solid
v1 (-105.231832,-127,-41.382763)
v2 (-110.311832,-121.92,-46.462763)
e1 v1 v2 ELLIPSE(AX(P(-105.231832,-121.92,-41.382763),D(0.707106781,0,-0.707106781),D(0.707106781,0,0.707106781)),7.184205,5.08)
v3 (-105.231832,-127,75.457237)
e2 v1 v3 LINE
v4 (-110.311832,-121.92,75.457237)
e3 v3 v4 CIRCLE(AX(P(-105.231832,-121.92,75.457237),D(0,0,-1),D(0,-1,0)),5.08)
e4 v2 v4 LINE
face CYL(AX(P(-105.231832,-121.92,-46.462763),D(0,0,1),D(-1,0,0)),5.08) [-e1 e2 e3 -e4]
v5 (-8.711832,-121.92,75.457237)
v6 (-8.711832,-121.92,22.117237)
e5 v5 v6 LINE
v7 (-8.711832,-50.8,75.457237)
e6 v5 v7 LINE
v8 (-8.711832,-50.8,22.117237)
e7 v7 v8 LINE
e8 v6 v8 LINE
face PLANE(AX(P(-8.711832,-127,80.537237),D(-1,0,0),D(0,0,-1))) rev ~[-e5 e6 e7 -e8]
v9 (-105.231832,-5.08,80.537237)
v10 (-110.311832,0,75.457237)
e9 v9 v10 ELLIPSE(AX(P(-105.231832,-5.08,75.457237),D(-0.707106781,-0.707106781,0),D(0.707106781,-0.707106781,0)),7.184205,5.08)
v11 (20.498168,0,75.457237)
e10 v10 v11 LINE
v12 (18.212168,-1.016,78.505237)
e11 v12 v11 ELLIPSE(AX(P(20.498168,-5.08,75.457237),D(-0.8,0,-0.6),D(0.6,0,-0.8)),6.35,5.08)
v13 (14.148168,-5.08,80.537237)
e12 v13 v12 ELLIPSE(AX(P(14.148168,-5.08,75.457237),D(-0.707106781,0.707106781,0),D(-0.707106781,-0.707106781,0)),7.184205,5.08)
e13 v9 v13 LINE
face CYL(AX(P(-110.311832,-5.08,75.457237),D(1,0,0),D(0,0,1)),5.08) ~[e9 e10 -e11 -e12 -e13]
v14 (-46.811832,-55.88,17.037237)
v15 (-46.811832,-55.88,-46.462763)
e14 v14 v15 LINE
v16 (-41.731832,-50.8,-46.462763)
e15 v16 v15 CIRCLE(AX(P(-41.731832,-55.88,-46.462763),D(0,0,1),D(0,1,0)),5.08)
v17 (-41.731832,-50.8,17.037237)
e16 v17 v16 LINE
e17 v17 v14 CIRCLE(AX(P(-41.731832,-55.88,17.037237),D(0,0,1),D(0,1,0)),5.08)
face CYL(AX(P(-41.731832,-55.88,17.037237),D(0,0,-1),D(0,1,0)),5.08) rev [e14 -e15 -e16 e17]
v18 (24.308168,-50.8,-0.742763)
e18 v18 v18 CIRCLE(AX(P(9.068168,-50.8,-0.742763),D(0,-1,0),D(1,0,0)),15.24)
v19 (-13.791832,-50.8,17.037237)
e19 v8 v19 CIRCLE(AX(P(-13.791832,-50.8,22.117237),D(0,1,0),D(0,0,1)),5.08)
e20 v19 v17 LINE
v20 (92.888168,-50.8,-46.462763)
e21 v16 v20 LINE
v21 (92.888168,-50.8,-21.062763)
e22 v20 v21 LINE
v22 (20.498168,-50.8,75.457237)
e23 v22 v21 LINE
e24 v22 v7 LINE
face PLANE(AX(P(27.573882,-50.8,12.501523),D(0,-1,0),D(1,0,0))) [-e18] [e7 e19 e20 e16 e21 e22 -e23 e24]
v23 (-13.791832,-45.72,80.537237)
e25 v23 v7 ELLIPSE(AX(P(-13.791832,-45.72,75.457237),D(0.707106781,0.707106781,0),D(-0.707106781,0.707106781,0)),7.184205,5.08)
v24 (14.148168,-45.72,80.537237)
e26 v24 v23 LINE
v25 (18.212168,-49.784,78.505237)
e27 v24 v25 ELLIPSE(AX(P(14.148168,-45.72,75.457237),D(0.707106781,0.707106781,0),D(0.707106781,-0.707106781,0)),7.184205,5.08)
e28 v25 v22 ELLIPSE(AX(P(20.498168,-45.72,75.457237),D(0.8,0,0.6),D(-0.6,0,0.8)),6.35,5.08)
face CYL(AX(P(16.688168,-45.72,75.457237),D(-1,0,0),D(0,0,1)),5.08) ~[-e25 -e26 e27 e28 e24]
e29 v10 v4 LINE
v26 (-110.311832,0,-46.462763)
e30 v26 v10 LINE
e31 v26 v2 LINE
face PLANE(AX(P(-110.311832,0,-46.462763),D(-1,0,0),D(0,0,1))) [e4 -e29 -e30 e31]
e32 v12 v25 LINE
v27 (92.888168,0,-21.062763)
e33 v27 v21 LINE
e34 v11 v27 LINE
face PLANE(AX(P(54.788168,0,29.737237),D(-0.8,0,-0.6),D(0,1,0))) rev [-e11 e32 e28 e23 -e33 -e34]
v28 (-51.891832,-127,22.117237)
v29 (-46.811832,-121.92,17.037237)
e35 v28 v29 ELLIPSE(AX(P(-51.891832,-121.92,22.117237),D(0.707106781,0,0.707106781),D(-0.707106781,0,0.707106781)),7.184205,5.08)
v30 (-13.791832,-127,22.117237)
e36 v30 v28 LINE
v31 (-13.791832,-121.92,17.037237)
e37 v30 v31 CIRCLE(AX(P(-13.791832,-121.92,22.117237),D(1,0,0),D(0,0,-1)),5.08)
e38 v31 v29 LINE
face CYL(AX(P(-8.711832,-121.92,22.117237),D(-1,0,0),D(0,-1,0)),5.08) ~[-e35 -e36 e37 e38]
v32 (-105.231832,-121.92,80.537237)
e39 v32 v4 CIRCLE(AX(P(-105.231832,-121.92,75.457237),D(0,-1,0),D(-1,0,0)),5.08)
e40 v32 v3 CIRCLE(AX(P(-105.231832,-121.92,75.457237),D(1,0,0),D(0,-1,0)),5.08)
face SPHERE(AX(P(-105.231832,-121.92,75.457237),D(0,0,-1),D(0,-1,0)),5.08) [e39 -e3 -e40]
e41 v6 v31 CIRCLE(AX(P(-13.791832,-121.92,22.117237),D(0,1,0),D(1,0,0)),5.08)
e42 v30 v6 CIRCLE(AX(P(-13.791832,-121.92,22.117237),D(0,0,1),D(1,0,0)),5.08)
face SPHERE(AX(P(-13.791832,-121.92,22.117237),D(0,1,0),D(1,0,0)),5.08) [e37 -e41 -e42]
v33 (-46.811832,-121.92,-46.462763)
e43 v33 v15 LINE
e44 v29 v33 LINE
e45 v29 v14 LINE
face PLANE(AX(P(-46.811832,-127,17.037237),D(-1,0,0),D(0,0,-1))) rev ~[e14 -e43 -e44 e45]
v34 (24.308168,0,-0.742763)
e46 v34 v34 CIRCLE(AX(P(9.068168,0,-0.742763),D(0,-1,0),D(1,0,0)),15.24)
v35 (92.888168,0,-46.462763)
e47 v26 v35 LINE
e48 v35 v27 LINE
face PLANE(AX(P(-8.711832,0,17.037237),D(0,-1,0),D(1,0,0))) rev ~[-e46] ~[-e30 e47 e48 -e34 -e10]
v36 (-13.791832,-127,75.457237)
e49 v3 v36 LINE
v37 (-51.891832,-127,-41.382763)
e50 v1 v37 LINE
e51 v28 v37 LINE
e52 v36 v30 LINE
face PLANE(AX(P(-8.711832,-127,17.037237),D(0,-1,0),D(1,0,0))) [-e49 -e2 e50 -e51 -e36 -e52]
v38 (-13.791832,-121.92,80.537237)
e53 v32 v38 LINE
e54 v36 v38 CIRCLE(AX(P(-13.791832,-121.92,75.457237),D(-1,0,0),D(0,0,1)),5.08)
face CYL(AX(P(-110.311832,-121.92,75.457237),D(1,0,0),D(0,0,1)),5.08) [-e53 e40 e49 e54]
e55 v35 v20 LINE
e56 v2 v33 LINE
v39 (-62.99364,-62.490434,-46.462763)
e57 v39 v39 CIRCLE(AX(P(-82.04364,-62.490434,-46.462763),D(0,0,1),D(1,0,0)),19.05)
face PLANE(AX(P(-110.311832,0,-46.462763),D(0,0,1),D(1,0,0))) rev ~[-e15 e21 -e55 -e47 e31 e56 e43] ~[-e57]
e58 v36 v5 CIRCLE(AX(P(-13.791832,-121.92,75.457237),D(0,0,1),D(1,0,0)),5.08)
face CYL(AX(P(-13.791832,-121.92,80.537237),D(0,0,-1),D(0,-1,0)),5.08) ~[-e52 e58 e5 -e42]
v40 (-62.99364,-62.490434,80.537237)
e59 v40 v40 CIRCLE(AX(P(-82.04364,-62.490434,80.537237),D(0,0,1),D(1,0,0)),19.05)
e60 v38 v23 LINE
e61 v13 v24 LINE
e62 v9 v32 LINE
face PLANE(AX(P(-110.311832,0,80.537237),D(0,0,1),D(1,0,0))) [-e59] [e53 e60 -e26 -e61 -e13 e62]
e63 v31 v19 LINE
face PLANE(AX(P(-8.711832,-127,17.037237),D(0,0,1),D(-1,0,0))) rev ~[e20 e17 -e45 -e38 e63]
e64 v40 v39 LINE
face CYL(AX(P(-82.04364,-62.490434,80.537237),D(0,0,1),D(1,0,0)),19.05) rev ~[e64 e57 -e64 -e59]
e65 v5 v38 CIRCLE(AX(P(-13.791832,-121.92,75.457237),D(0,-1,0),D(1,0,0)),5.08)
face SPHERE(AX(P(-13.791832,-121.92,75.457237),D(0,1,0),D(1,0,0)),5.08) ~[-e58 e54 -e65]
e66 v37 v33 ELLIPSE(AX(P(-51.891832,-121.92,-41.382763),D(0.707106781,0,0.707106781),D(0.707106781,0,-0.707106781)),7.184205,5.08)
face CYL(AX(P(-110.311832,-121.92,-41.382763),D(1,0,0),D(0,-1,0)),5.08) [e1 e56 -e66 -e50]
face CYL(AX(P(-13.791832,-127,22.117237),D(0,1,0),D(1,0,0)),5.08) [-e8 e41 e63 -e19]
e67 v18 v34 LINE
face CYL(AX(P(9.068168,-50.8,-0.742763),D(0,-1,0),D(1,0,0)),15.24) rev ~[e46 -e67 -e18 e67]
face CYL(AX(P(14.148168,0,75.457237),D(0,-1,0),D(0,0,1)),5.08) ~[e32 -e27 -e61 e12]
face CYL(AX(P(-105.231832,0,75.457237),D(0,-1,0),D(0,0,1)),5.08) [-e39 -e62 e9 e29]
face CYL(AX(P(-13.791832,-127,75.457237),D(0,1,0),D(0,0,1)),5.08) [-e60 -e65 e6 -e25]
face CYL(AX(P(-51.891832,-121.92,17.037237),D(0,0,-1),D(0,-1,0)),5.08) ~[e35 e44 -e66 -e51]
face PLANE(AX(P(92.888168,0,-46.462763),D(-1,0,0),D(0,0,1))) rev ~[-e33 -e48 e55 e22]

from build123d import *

# Parameters (mm, degrees)
F0_W     = 203.2
F0_H     = 127
F1_DEPTH = 127
F3_DEPTH = 76.2
F4_SIZE2 = 101.6
F4_SIZE  = 76.2
F5_R     = 5.08
F6_R     = 15.24
F7_DEPTH = 50.8
F8_R     = 19.05
F9_DEPTH = 127


with BuildPart() as f1:
    # F0 (on Front) → F1 (new body)
    with BuildSketch(Plane.XZ):
        with Locations((-8.7118318382, 17.0372370631)):
            Rectangle(F0_W, F0_H)
    extrude(amount=F1_DEPTH)

    # F2 (on face) → F3 (cut)
    with BuildSketch(Plane.XZ.offset(127)):
        Polygon((92.8881681618, 80.5372370631), (-8.7118318382, 80.5372370631), (-8.7118318382, 17.0372370631), (-46.8118318382, 17.0372370631), (-46.8118318382, -46.4627629369), (92.8881681618, -46.4627629369), align=None)
    extrude(amount=-F3_DEPTH, mode=Mode.SUBTRACT)

    # F4
    f4_edges = [f1.edges().sort_by_distance(p)[0] for p in [
        (92.888168, -25.4, 80.537237),
    ]]
    f4_side = f1.faces().sort_by_distance((-30.48326, -52.614286, 80.537237))[0]
    chamfer(f4_edges, length=F4_SIZE, length2=F4_SIZE2, reference=f4_side)

    # F5
    f5_edges = [f1.edges().sort_by_distance(p)[0] for p in [
        (-8.711832, -88.9, 80.537237),
        (3.988168, -50.8, 80.537237),
        (-8.711832, -88.9, 17.037237),
        (-8.711832, -127, 48.787237),
        (-27.761832, -127, 17.037237),
        (-46.811832, -127, -14.712763),
        (-78.561832, -127, -46.462763),
        (-110.311832, -127, 17.037237),
        (-59.511832, -127, 80.537237),
        (-46.811832, -50.8, -14.712763),
        (16.688168, -25.4, 80.537237),
        (-46.811832, 0, 80.537237),
        (-110.311832, -63.5, 80.537237),
    ]]
    fillet(f5_edges, radius=F5_R)

    # F6 (on face) → F7 (cut, through all)
    with BuildSketch(Plane.XZ.offset(50.8)):
        with Locations((9.0681681618, -0.7427629369)):
            Circle(F6_R)
    extrude(amount=-F7_DEPTH, mode=Mode.SUBTRACT)

    # F8 (on face) → F9 (cut, through all)
    with BuildSketch(Plane.XY.offset(80.5372370631)):
        with Locations((-82.0436404108, -62.4904338136)):
            Circle(F8_R)
    extrude(amount=-F9_DEPTH, mode=Mode.SUBTRACT)


solid = f1.part
